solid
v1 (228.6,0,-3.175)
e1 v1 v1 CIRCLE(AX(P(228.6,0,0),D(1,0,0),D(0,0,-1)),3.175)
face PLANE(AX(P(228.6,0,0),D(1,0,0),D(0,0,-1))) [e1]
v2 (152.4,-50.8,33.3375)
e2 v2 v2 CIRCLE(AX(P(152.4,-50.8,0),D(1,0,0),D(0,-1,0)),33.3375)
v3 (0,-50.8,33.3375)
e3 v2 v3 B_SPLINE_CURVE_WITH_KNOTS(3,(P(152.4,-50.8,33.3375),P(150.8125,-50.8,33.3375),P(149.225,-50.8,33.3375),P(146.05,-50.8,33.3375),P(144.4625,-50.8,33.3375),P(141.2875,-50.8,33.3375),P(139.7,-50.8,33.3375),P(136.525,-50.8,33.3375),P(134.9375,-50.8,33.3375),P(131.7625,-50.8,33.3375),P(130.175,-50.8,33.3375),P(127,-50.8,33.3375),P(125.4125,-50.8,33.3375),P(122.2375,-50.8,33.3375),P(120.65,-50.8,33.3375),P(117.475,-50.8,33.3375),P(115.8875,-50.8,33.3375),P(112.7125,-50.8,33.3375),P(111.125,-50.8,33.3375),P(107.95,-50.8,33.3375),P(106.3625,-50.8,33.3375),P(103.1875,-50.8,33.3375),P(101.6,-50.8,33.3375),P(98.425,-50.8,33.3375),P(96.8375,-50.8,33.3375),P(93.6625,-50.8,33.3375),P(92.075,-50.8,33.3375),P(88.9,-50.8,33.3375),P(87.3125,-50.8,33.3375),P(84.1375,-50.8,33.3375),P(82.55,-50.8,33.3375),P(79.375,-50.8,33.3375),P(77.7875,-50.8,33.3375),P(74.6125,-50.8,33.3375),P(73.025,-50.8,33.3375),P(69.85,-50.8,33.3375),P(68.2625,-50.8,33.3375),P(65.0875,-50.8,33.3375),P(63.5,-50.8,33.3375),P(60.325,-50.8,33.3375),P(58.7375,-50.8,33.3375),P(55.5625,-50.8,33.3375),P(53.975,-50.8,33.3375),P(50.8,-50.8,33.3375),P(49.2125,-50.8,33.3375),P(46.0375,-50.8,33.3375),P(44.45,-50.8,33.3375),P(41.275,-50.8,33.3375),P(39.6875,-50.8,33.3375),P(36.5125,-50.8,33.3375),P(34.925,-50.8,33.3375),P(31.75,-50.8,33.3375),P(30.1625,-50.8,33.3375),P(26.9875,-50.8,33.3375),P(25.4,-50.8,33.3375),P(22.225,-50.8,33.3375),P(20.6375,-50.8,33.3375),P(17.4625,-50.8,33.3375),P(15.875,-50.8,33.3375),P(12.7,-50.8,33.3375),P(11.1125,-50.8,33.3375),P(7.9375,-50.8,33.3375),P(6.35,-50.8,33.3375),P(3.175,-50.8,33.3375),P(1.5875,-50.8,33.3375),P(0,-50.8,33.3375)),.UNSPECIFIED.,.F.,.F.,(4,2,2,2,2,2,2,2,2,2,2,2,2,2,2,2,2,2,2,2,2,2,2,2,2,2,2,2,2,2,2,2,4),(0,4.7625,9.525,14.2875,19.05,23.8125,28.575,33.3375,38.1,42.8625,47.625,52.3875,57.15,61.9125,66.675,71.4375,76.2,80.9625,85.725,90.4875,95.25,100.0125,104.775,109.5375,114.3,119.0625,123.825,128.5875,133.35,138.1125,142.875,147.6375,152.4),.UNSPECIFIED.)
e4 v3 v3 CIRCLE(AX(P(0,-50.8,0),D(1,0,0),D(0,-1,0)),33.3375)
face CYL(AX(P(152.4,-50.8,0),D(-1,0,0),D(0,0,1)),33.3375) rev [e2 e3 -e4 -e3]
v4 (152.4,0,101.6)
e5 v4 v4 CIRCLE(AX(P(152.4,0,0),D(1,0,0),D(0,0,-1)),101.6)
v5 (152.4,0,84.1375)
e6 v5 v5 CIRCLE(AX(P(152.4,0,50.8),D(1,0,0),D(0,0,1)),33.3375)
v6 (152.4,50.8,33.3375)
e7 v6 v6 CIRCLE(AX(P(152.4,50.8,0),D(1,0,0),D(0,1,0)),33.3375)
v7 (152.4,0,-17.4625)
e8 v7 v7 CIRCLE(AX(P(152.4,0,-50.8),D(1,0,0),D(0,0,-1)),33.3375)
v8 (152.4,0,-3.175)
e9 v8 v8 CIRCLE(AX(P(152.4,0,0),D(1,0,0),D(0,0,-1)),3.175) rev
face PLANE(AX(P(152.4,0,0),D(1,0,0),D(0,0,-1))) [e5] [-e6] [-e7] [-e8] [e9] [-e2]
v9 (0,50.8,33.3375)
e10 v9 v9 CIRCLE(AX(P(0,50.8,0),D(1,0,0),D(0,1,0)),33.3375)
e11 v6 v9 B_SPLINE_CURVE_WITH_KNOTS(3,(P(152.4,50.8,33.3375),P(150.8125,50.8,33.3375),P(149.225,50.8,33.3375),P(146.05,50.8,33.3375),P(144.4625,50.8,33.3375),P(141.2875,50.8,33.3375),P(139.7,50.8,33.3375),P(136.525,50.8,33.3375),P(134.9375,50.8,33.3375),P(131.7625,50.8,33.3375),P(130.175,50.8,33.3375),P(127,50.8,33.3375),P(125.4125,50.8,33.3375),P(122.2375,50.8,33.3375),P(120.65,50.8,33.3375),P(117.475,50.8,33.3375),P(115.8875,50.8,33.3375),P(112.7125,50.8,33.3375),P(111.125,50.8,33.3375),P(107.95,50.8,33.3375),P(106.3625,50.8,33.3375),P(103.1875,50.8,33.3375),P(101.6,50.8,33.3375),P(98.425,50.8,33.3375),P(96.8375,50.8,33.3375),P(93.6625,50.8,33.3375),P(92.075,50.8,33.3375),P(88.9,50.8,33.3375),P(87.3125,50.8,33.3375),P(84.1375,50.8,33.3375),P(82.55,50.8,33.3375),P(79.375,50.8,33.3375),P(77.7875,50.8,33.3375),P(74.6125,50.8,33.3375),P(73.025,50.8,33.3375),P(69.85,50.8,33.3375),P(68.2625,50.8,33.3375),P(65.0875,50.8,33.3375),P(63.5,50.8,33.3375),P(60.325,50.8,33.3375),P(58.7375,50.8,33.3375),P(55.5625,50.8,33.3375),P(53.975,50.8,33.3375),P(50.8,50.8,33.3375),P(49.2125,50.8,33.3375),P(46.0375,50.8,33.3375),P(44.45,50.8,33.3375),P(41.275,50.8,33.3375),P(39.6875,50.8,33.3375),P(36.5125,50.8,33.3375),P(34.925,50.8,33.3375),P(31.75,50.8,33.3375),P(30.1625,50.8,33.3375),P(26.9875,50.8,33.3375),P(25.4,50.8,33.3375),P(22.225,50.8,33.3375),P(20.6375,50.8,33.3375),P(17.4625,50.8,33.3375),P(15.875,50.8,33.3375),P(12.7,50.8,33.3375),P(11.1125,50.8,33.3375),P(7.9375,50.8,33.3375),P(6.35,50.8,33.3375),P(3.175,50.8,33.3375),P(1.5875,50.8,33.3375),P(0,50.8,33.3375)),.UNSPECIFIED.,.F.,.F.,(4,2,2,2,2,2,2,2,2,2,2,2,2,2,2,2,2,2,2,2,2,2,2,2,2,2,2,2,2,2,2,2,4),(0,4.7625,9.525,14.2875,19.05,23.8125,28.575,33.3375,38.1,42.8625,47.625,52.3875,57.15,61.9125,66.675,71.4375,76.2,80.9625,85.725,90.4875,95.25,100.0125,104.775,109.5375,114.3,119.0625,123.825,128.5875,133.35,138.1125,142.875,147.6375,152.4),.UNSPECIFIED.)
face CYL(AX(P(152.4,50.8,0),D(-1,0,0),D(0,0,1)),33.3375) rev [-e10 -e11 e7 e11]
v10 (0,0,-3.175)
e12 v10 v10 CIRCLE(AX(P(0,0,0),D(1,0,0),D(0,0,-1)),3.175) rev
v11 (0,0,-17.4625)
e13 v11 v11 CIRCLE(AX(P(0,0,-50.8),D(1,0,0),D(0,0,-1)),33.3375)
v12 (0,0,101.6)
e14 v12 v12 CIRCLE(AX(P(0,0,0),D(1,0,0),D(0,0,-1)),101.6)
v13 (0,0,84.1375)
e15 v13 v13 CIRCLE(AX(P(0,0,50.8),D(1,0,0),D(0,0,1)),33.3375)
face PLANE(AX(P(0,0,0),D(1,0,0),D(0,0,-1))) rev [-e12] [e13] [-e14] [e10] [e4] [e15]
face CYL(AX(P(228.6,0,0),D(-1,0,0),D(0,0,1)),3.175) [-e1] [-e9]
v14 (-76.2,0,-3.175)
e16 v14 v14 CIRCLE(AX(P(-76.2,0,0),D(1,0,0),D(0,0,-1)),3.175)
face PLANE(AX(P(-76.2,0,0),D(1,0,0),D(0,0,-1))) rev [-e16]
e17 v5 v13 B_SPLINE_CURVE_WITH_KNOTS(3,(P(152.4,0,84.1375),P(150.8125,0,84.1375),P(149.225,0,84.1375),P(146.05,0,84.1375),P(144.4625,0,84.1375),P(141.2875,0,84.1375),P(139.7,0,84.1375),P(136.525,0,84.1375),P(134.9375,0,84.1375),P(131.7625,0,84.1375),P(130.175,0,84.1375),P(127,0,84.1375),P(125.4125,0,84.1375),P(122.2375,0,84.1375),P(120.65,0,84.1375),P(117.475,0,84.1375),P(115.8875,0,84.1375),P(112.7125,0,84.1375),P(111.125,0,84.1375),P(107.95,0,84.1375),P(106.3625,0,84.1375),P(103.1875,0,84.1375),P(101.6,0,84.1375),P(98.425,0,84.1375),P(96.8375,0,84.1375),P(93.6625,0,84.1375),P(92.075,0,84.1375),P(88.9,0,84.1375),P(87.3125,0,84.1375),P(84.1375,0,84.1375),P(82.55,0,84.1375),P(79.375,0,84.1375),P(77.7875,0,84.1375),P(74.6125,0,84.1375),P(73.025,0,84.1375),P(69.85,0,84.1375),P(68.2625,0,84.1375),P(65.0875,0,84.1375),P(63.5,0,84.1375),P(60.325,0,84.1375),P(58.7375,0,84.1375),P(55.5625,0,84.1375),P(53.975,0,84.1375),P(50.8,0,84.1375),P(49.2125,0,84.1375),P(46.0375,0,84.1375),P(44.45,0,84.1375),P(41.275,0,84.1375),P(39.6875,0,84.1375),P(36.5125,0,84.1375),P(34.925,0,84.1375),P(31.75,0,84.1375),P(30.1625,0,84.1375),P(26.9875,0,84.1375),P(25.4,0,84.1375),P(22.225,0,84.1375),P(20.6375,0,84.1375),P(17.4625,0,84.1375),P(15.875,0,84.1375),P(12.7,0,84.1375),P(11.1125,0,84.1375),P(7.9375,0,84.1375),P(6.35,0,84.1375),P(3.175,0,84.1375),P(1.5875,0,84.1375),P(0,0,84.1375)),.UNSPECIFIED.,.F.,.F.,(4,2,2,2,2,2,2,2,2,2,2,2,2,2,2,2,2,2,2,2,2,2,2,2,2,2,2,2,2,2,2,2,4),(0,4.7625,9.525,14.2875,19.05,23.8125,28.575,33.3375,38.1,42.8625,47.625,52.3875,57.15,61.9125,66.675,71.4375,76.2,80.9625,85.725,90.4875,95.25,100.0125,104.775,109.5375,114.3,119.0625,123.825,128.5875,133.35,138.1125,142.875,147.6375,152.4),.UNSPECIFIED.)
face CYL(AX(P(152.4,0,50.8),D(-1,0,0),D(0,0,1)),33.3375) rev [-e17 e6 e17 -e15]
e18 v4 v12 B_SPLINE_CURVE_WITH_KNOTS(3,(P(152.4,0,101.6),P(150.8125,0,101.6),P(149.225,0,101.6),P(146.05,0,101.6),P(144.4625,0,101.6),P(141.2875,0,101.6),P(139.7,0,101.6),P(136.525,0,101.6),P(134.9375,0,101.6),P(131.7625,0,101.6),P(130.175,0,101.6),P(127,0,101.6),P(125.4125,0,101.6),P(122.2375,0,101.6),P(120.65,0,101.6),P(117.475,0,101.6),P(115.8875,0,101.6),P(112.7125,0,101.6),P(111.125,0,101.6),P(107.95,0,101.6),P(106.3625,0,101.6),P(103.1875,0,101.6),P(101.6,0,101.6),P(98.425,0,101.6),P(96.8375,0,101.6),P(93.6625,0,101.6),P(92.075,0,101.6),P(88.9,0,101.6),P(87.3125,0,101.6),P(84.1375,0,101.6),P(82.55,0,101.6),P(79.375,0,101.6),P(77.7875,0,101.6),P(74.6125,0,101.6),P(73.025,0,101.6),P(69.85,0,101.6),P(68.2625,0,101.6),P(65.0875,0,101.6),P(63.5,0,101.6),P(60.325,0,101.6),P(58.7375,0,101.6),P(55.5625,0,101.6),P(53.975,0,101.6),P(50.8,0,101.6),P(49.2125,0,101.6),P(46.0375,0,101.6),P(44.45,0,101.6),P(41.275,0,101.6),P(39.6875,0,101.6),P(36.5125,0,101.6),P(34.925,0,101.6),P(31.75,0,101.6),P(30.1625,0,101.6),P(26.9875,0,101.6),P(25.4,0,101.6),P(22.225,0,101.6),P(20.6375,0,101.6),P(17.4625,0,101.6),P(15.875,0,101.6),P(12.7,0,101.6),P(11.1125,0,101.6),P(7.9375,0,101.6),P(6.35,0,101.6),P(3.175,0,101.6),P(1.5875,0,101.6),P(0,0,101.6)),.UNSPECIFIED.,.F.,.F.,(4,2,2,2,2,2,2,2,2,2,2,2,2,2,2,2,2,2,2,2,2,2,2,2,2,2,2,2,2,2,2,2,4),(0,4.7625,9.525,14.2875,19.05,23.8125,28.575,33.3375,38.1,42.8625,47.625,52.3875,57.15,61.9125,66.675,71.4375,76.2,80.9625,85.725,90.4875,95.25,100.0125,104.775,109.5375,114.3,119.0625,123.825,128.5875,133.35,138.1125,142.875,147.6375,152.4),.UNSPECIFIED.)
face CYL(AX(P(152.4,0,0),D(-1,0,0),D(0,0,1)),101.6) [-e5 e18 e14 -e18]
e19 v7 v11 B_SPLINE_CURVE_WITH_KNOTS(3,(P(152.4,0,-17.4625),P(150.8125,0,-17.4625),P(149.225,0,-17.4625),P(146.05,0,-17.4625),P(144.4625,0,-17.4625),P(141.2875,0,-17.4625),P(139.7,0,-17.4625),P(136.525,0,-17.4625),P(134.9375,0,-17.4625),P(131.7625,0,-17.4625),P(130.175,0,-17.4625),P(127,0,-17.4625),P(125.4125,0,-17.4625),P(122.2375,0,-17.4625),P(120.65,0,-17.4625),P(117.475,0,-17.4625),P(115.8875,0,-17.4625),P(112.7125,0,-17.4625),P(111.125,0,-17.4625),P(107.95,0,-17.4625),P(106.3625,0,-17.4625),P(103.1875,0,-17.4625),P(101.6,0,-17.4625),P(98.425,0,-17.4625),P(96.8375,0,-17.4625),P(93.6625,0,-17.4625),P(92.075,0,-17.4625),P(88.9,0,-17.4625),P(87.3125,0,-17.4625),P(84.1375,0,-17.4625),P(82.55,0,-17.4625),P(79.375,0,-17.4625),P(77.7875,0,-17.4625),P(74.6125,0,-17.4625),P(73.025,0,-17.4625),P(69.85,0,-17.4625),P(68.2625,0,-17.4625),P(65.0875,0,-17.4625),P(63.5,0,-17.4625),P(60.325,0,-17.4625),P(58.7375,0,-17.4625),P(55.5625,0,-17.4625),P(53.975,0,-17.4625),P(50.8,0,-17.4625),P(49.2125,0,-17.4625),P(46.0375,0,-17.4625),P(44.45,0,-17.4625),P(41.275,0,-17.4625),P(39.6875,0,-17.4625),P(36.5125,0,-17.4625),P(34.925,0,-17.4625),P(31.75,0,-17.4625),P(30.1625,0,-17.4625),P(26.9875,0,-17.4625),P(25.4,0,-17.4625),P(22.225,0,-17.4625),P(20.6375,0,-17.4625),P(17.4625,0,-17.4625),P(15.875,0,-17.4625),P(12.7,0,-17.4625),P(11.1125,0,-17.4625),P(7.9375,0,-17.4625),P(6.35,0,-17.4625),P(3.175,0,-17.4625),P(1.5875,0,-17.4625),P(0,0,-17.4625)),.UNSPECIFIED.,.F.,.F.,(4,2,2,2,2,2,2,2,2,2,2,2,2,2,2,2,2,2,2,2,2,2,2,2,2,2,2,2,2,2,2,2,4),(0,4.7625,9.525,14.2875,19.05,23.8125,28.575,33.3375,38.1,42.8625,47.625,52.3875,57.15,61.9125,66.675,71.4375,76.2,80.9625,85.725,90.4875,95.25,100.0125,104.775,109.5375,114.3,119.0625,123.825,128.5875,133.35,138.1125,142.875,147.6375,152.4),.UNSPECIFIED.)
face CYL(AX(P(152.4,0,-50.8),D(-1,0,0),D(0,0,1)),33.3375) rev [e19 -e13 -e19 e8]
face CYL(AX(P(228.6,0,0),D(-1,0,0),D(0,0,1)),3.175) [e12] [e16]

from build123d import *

# Parameters (mm, degrees)
SKETCH1_R                = 101.6
BOSS_EXTRUDE1_DEPTH      = 152.4
SKETCH3_R                = 33.3375
CUT_EXTRUDE1_DEPTH       = 210.453765781
CIRPATTERN1_COUNT        = 4
BOSS_EXTRUDE7_DEPTH      = 228.6
BOSS_EXTRUDE7_DEPTH_BACK = 76.2
SKETCH2_R                = 3.175


with BuildPart() as part:
    # Sketch1 → Boss-Extrude1 (new body)
    with BuildSketch(Plane(origin=(0, 0, 0), x_dir=(0, 0, -1), z_dir=(1, 0, 0))):
        with Locations(Location((0, 0, 0), (0, 0, 180))):
            Circle(SKETCH1_R)
    extrude(amount=BOSS_EXTRUDE1_DEPTH)

    # Sketch3 → Cut-Extrude1 (cut, through all)
    with BuildSketch(Plane(origin=(0, 0, 0), x_dir=(0, 0, -1), z_dir=(1, 0, 0))):
        with Locations(Location((50.8, 0, 0), (0, 0, 180))):
            Circle(SKETCH3_R)
    cut_extrude1 = extrude(amount=CUT_EXTRUDE1_DEPTH, mode=Mode.SUBTRACT)

    # CirPattern1: Cut-Extrude1 ×4 about axis
    cirpattern1_axis = Axis((0, 0, 0), (1, 0, 0))
    for i in range(1, CIRPATTERN1_COUNT):
        add(cut_extrude1.rotate(cirpattern1_axis, i * 360 / CIRPATTERN1_COUNT), mode=Mode.SUBTRACT)

    # Sketch2 → Boss-Extrude7 (add, two sides: drawn at the far end of the back side and taken through both)
    with BuildSketch(Plane(origin=(0, 0, 0), x_dir=(0, 0, -1), z_dir=(1, 0, 0)).offset(-BOSS_EXTRUDE7_DEPTH_BACK)):
        Circle(SKETCH2_R)
    extrude(amount=BOSS_EXTRUDE7_DEPTH + BOSS_EXTRUDE7_DEPTH_BACK)


solid = part.part
